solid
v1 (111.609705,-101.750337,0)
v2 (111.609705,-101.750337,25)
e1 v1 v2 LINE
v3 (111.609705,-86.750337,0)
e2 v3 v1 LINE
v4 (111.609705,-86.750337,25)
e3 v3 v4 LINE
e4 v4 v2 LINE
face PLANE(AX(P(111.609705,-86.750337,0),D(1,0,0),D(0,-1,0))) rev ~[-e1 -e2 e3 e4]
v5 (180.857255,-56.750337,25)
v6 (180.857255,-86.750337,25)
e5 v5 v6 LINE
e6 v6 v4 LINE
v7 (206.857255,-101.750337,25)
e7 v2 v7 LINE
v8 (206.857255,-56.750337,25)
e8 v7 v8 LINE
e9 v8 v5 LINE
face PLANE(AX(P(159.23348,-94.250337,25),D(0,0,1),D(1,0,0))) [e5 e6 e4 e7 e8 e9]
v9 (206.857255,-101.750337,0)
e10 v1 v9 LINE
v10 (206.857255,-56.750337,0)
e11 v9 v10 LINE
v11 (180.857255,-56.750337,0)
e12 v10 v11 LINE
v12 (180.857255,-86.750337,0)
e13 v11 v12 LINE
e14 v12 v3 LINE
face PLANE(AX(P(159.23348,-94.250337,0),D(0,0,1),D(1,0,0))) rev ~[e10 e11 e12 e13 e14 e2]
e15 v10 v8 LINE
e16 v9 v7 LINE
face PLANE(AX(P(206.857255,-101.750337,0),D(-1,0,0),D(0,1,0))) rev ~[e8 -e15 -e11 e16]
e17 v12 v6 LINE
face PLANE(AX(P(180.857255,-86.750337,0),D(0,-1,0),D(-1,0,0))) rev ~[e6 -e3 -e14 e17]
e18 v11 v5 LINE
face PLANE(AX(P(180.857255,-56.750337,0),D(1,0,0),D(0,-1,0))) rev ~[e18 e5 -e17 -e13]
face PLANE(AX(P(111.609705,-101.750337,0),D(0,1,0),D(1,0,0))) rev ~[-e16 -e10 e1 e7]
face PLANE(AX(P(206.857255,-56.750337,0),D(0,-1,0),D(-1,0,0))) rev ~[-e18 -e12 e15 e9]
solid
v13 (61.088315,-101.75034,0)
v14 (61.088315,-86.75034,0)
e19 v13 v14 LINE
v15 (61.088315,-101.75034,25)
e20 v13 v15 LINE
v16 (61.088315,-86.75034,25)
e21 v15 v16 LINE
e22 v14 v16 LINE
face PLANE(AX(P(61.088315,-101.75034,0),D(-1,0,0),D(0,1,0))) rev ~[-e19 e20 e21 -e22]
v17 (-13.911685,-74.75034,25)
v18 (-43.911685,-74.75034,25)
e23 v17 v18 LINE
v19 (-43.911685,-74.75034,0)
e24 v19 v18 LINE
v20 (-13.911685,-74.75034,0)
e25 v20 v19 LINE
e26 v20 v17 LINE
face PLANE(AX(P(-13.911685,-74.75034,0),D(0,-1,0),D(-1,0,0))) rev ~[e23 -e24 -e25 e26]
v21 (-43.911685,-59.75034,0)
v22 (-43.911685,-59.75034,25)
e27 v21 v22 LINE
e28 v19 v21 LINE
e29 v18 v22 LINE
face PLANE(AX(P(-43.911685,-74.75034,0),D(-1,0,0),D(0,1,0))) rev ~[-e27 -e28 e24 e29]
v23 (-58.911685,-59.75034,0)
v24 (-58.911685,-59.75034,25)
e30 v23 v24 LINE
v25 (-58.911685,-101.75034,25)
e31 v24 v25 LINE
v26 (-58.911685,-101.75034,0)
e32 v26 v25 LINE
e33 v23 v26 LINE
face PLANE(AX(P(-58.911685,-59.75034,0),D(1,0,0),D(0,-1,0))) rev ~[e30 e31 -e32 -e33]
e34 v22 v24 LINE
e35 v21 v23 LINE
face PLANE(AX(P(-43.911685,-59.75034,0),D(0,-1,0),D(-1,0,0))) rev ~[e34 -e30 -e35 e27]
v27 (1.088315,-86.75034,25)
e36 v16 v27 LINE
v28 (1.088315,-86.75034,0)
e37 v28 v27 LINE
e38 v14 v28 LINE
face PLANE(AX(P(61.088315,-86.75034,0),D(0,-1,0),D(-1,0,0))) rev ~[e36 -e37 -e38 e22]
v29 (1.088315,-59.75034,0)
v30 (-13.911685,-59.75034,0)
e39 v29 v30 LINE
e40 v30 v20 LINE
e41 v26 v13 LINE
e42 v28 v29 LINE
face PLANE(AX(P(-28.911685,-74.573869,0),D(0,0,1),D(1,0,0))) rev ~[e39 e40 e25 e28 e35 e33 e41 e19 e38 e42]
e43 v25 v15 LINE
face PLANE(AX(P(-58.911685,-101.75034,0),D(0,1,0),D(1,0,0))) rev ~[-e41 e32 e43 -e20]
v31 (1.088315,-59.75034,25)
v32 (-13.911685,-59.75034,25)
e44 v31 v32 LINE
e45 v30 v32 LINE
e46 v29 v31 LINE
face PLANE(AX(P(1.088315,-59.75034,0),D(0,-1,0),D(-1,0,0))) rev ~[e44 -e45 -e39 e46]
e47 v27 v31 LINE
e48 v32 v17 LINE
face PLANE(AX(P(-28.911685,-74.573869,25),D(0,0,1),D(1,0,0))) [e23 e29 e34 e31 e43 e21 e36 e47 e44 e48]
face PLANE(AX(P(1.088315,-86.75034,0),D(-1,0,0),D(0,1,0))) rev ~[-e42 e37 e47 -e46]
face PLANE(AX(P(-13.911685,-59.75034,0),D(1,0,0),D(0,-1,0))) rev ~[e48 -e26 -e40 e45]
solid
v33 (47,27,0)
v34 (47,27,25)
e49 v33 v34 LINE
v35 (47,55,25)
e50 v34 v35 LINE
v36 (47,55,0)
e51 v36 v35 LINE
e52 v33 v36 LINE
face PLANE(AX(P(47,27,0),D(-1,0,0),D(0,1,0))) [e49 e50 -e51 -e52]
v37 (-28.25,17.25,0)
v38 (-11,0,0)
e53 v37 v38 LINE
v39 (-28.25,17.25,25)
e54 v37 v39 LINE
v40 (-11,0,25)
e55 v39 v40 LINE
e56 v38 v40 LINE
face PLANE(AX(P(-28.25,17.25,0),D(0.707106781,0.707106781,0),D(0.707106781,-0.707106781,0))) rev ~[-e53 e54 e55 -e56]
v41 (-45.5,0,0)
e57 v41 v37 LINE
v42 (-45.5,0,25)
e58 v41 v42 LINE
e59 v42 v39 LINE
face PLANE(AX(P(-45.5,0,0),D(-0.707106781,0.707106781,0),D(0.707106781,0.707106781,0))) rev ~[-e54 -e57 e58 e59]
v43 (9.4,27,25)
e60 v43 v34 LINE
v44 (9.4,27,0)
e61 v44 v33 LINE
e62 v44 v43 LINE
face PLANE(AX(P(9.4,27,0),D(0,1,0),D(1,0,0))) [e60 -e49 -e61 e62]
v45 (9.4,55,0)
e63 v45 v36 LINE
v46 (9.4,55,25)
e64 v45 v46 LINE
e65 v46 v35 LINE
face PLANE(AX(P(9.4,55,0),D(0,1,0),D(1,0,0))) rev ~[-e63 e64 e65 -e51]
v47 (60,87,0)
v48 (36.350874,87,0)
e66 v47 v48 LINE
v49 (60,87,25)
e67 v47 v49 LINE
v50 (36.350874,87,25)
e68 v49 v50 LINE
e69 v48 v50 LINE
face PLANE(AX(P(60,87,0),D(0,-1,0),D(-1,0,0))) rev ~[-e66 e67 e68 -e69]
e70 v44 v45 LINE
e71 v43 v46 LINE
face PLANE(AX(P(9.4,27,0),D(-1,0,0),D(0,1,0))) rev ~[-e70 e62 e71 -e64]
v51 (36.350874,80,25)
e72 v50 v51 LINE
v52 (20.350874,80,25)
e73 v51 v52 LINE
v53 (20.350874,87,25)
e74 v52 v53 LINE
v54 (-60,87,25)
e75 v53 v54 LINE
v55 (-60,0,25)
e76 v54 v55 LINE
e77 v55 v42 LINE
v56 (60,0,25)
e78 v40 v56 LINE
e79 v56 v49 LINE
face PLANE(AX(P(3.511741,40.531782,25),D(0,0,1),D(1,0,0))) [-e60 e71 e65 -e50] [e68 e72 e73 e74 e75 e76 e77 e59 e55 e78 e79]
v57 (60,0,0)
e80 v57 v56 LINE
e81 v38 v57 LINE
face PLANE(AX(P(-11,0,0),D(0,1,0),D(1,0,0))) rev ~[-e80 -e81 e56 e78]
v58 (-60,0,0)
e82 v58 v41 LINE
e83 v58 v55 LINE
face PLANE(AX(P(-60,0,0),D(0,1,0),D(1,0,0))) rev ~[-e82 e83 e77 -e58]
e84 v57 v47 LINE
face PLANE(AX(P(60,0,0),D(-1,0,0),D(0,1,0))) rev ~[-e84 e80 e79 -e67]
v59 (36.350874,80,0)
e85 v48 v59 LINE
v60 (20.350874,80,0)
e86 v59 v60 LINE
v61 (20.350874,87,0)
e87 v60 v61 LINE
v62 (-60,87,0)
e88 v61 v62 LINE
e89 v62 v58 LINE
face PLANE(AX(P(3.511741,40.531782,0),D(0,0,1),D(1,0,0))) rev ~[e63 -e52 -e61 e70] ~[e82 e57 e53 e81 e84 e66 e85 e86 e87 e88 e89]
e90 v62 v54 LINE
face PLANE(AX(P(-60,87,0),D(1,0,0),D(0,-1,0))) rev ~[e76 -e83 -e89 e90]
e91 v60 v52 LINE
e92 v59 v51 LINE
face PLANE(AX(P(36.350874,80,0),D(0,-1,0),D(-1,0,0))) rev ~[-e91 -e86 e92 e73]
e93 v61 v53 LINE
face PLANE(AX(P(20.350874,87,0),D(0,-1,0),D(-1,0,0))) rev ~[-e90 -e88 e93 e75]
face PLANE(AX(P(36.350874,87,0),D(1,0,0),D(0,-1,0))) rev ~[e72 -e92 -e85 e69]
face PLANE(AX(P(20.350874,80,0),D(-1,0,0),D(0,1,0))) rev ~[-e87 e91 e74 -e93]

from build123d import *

# Parameters (mm, degrees)
F0_W     = 37.6
F0_H     = 28
F0_W_2   = 15
F0_H_2   = 26
F0_W_3   = 30
F0_W_4   = 14.5
F0_H_3   = 15
F0_W_5   = 17.25
F1_DEPTH = 25


with BuildPart() as f1:
    # F0 (on Top) → F1 (new body)
    with BuildSketch(Plane.XY):
        Polygon((-60, 61), (-60, 0), (-45.5, 0), (-28.25, 17.25), (-11, 0), (60, 0), (60, 87), (36.350874, 87), (36.350874, 80), (20.350874, 80), (20.350874, 87), (0, 87), (0, 61), (-15, 61), (-45, 61), align=None)
        with Locations((28.2, 41)):
            Rectangle(F0_W, F0_H, mode=Mode.SUBTRACT)
        with Locations((-52.5, 74)):
            Rectangle(F0_W_2, F0_H_2)
        with Locations((-30, 74)):
            Rectangle(F0_W_3, F0_H_2)
        with Locations((-7.5, 74)):
            Rectangle(F0_W_2, F0_H_2)
        Polygon((-43.911685, -59.75034), (-58.911685, -59.75034), (-58.911685, -86.75034), (-44.411685, -86.75034), (-27.161685, -86.75034), (-9.911685, -86.75034), (1.088315, -86.75034), (1.088315, -59.75034), (-13.911685, -59.75034), (-13.911685, -74.75034), (-43.911685, -74.75034), align=None)
        with Locations((-51.661685, -94.25034)):
            Rectangle(F0_W_4, F0_H_3)
        with Locations((-35.786685, -94.25034)):
            Rectangle(F0_W_5, F0_H_3)
        with Locations((-18.536685, -94.25034)):
            Rectangle(F0_W_5, F0_H_3)
        Polygon((1.088315, -86.75034), (-9.911685, -86.75034), (-9.911685, -101.75034), (10.488315, -101.75034), (25.088315, -101.75034), (41.088315, -101.75034), (48.088315, -101.75034), (61.088315, -101.75034), (61.088315, -86.75034), (48.088315, -86.75034), (41.088315, -86.75034), (25.088315, -86.75034), (10.488315, -86.75034), align=None)
        Polygon((111.609705, -86.750337), (111.609705, -101.750337), (133.490902, -101.750337), (142.500803, -101.750337), (167.728529, -101.750337), (196.560229, -101.750337), (206.857255, -101.750337), (206.857255, -86.750337), (196.560229, -86.750337), (180.857255, -86.750337), (167.728529, -86.750337), (142.500803, -86.750337), (133.490902, -86.750337), align=None)
        Polygon((180.857255, -71.750337), (180.857255, -86.750337), (196.560229, -86.750337), (206.857255, -86.750337), (206.857255, -71.750337), (206.857255, -56.750337), (180.857255, -56.750337), align=None)
    extrude(amount=F1_DEPTH)


solid = f1.part
